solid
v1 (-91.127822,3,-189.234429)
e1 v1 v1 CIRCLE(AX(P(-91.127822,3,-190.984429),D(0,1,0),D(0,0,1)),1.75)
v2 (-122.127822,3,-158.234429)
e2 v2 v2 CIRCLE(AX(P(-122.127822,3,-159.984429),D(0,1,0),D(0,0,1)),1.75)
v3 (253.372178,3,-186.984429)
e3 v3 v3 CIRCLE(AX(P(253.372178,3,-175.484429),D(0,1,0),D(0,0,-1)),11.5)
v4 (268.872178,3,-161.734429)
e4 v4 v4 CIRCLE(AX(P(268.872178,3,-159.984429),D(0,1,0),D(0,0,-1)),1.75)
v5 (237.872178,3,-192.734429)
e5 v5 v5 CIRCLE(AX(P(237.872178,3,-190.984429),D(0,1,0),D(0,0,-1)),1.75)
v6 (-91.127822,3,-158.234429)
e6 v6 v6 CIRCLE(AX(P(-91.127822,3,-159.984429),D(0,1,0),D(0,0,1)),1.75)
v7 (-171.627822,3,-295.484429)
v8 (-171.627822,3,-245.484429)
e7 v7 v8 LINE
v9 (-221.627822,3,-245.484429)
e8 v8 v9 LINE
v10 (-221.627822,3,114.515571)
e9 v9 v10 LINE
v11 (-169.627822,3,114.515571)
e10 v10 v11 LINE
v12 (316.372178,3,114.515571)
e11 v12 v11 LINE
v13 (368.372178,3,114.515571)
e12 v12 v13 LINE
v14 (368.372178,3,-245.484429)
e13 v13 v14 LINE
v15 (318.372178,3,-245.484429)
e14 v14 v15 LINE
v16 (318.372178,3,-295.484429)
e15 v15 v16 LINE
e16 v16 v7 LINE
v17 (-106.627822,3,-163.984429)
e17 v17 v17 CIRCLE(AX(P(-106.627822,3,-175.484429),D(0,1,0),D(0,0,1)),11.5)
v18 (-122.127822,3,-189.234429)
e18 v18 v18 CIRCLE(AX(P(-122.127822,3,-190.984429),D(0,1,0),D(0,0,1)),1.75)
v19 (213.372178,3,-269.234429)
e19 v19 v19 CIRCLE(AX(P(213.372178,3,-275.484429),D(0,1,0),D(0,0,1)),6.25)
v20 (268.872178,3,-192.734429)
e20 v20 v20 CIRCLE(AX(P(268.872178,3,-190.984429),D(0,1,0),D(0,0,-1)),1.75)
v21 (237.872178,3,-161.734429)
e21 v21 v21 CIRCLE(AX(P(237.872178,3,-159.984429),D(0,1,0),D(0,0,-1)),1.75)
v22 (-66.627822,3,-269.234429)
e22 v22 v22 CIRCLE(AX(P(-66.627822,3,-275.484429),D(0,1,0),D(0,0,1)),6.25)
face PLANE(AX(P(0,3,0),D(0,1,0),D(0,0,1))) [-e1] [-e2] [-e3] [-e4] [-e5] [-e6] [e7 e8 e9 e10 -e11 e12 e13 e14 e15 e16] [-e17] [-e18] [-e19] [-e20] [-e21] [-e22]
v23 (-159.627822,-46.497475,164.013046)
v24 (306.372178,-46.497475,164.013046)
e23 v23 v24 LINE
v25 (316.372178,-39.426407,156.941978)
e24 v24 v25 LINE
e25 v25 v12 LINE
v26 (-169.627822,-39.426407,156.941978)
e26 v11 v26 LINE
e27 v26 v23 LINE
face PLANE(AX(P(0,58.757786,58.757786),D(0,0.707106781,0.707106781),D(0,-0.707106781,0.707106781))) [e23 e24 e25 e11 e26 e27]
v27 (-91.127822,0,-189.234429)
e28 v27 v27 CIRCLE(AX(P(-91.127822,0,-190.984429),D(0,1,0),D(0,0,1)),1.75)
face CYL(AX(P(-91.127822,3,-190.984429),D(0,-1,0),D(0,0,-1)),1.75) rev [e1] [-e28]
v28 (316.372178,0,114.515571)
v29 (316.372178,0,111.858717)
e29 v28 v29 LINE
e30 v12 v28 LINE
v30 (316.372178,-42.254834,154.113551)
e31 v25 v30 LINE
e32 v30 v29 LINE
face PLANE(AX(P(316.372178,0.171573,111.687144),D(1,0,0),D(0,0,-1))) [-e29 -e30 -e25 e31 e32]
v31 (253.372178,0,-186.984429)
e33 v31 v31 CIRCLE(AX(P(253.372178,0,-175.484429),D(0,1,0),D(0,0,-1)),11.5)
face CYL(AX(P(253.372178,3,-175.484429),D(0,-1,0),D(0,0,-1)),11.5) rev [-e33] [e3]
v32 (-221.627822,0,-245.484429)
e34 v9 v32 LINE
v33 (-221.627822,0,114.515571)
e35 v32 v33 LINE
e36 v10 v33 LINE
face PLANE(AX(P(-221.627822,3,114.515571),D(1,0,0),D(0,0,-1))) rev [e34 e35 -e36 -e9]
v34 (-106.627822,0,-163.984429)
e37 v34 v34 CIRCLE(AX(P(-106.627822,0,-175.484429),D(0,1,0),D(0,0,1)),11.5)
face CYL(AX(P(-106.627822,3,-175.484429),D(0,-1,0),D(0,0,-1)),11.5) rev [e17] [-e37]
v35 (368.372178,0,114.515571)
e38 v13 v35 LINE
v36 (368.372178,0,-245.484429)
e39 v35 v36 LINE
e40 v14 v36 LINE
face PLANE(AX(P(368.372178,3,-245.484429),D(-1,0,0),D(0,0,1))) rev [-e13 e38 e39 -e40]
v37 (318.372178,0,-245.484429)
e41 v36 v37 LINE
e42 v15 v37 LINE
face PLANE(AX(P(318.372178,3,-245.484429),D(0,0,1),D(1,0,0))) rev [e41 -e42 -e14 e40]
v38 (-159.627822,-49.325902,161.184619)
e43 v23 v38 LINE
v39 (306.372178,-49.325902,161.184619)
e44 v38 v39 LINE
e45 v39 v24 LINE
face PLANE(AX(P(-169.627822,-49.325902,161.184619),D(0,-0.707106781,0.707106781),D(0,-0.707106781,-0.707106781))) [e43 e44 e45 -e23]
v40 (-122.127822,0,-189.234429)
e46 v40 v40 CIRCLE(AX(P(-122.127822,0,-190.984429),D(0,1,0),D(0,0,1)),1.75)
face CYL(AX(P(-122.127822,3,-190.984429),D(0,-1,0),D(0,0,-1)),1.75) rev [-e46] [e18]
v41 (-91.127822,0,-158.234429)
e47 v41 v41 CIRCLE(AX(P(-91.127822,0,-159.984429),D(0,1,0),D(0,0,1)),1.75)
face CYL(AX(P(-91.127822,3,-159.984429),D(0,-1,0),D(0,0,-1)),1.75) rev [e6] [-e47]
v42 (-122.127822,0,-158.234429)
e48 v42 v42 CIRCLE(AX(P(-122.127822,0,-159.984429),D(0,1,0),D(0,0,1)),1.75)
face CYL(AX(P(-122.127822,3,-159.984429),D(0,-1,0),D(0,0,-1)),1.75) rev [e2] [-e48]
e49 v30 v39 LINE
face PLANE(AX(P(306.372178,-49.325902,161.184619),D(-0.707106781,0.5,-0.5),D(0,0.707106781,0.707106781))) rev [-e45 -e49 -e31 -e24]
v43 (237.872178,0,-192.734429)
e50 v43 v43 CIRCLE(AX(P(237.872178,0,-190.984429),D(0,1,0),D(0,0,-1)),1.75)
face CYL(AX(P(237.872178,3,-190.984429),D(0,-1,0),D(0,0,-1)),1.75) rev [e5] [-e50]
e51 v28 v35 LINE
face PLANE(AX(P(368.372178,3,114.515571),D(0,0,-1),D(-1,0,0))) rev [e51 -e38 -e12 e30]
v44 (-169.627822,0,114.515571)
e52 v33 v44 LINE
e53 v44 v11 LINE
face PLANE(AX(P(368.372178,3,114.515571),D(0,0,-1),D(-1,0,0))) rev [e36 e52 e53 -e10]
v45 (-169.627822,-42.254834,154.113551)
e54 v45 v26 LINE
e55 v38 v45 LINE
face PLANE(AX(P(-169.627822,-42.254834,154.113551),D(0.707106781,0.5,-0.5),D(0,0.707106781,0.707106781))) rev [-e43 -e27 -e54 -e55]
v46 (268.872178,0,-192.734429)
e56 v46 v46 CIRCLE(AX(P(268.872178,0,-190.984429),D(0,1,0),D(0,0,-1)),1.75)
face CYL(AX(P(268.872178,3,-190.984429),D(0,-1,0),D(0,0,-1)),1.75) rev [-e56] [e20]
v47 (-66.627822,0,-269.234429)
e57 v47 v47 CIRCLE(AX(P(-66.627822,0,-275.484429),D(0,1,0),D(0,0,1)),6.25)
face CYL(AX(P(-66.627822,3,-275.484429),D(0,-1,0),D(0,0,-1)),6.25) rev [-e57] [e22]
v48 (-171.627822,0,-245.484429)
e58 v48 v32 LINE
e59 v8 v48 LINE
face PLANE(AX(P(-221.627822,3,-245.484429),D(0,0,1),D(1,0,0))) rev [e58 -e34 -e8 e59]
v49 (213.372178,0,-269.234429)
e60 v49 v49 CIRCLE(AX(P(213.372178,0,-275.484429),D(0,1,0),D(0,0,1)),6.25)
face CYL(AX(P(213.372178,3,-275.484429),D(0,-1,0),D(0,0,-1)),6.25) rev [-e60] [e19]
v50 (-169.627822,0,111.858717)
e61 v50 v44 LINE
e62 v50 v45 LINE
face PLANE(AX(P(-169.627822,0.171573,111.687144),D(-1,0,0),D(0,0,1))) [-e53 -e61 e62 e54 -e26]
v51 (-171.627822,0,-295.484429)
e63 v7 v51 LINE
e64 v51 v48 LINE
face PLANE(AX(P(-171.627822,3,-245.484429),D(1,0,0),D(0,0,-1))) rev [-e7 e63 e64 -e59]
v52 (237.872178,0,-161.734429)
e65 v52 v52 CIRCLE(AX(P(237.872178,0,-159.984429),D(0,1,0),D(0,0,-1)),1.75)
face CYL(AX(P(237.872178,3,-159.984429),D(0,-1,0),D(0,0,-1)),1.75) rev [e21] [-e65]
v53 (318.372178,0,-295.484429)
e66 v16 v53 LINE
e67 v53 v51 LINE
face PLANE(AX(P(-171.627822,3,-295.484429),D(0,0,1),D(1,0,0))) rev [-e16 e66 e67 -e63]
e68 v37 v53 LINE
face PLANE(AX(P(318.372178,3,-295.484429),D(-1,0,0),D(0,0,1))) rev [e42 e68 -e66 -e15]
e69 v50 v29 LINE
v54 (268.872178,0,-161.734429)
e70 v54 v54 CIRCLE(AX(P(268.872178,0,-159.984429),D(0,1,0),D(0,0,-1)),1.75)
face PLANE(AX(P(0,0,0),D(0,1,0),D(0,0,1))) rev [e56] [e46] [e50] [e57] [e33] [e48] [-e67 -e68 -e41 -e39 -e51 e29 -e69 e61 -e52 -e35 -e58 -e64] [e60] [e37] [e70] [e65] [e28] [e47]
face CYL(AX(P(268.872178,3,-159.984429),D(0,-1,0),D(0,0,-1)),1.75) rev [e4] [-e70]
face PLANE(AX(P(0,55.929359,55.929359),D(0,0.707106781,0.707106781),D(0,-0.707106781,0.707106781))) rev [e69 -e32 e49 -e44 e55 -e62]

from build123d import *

# Parameters (mm, degrees)
SKETCH1_R           = 11.5
SKETCH1_R_2         = 1.75
SKETCH1_R_3         = 6.25
BOSS_EXTRUDE1_DEPTH = 3
SKETCH2_W           = 486
SKETCH2_H           = 70
BOSS_EXTRUDE2_DEPTH = 4
CHAMFER1_SIZE       = 10


with BuildPart() as part:
    # Sketch1 → Boss-Extrude1 (new body)
    with BuildSketch(Plane(origin=(0, 0, 0), x_dir=(1, 0, 0), z_dir=(0, 1, 0))):
        Polygon((-221.627821886, -114.515571385), (-221.627821886, 245.484428615), (-171.627821886, 245.484428615), (-171.627821886, 295.484428615), (318.372178114, 295.484428615), (318.372178114, 245.484428615), (368.372178114, 245.484428615), (368.372178114, -114.515571385), align=None)
        with Locations(Location((-106.627821886, 175.484428615, 0), (0, 0, 270))):
            Circle(SKETCH1_R, mode=Mode.SUBTRACT)
        with Locations(Location((-122.127821886, 190.984428615, 0), (0, 0, 270))):
            Circle(SKETCH1_R_2, mode=Mode.SUBTRACT)
        with Locations(Location((-91.127821886, 190.984428615, 0), (0, 0, 270))):
            Circle(SKETCH1_R_2, mode=Mode.SUBTRACT)
        with Locations(Location((-91.127821886, 159.984428615, 0), (0, 0, 270))):
            Circle(SKETCH1_R_2, mode=Mode.SUBTRACT)
        with Locations(Location((-122.127821886, 159.984428615, 0), (0, 0, 270))):
            Circle(SKETCH1_R_2, mode=Mode.SUBTRACT)
        with Locations(Location((268.872178114, 159.984428615, 0), (0, 0, 90))):
            Circle(SKETCH1_R_2, mode=Mode.SUBTRACT)
        with Locations(Location((237.872178114, 159.984428615, 0), (0, 0, 90))):
            Circle(SKETCH1_R_2, mode=Mode.SUBTRACT)
        with Locations(Location((237.872178114, 190.984428615, 0), (0, 0, 90))):
            Circle(SKETCH1_R_2, mode=Mode.SUBTRACT)
        with Locations(Location((268.872178114, 190.984428615, 0), (0, 0, 90))):
            Circle(SKETCH1_R_2, mode=Mode.SUBTRACT)
        with Locations(Location((253.372178114, 175.484428615, 0), (0, 0, 90))):
            Circle(SKETCH1_R, mode=Mode.SUBTRACT)
        with Locations(Location((-66.627821886, 275.484428615, 0), (0, 0, 270))):
            Circle(SKETCH1_R_3, mode=Mode.SUBTRACT)
        with Locations(Location((213.372178114, 275.484428615, 0), (0, 0, 270))):
            Circle(SKETCH1_R_3, mode=Mode.SUBTRACT)
    extrude(amount=BOSS_EXTRUDE1_DEPTH)

    # Sketch2 → Boss-Extrude2 (add)
    with BuildSketch(Plane(origin=(0, 58.757785693, 58.757785693), x_dir=(1, 0, 0), z_dir=(0, 0.7071067811865464, 0.7071067811865488))):
        with Locations((73.372178114, -113.853416735)):
            Rectangle(SKETCH2_W, SKETCH2_H)
    extrude(amount=-BOSS_EXTRUDE2_DEPTH)

    # Chamfer1
    chamfer1_edges = [part.edges().sort_by_distance(p)[0] for p in [
        (-169.627821886, -47.911688245, 162.598832506),
        (316.372178114, -47.911688245, 162.598832506),
    ]]
    chamfer(chamfer1_edges, length=CHAMFER1_SIZE)


solid = part.part
